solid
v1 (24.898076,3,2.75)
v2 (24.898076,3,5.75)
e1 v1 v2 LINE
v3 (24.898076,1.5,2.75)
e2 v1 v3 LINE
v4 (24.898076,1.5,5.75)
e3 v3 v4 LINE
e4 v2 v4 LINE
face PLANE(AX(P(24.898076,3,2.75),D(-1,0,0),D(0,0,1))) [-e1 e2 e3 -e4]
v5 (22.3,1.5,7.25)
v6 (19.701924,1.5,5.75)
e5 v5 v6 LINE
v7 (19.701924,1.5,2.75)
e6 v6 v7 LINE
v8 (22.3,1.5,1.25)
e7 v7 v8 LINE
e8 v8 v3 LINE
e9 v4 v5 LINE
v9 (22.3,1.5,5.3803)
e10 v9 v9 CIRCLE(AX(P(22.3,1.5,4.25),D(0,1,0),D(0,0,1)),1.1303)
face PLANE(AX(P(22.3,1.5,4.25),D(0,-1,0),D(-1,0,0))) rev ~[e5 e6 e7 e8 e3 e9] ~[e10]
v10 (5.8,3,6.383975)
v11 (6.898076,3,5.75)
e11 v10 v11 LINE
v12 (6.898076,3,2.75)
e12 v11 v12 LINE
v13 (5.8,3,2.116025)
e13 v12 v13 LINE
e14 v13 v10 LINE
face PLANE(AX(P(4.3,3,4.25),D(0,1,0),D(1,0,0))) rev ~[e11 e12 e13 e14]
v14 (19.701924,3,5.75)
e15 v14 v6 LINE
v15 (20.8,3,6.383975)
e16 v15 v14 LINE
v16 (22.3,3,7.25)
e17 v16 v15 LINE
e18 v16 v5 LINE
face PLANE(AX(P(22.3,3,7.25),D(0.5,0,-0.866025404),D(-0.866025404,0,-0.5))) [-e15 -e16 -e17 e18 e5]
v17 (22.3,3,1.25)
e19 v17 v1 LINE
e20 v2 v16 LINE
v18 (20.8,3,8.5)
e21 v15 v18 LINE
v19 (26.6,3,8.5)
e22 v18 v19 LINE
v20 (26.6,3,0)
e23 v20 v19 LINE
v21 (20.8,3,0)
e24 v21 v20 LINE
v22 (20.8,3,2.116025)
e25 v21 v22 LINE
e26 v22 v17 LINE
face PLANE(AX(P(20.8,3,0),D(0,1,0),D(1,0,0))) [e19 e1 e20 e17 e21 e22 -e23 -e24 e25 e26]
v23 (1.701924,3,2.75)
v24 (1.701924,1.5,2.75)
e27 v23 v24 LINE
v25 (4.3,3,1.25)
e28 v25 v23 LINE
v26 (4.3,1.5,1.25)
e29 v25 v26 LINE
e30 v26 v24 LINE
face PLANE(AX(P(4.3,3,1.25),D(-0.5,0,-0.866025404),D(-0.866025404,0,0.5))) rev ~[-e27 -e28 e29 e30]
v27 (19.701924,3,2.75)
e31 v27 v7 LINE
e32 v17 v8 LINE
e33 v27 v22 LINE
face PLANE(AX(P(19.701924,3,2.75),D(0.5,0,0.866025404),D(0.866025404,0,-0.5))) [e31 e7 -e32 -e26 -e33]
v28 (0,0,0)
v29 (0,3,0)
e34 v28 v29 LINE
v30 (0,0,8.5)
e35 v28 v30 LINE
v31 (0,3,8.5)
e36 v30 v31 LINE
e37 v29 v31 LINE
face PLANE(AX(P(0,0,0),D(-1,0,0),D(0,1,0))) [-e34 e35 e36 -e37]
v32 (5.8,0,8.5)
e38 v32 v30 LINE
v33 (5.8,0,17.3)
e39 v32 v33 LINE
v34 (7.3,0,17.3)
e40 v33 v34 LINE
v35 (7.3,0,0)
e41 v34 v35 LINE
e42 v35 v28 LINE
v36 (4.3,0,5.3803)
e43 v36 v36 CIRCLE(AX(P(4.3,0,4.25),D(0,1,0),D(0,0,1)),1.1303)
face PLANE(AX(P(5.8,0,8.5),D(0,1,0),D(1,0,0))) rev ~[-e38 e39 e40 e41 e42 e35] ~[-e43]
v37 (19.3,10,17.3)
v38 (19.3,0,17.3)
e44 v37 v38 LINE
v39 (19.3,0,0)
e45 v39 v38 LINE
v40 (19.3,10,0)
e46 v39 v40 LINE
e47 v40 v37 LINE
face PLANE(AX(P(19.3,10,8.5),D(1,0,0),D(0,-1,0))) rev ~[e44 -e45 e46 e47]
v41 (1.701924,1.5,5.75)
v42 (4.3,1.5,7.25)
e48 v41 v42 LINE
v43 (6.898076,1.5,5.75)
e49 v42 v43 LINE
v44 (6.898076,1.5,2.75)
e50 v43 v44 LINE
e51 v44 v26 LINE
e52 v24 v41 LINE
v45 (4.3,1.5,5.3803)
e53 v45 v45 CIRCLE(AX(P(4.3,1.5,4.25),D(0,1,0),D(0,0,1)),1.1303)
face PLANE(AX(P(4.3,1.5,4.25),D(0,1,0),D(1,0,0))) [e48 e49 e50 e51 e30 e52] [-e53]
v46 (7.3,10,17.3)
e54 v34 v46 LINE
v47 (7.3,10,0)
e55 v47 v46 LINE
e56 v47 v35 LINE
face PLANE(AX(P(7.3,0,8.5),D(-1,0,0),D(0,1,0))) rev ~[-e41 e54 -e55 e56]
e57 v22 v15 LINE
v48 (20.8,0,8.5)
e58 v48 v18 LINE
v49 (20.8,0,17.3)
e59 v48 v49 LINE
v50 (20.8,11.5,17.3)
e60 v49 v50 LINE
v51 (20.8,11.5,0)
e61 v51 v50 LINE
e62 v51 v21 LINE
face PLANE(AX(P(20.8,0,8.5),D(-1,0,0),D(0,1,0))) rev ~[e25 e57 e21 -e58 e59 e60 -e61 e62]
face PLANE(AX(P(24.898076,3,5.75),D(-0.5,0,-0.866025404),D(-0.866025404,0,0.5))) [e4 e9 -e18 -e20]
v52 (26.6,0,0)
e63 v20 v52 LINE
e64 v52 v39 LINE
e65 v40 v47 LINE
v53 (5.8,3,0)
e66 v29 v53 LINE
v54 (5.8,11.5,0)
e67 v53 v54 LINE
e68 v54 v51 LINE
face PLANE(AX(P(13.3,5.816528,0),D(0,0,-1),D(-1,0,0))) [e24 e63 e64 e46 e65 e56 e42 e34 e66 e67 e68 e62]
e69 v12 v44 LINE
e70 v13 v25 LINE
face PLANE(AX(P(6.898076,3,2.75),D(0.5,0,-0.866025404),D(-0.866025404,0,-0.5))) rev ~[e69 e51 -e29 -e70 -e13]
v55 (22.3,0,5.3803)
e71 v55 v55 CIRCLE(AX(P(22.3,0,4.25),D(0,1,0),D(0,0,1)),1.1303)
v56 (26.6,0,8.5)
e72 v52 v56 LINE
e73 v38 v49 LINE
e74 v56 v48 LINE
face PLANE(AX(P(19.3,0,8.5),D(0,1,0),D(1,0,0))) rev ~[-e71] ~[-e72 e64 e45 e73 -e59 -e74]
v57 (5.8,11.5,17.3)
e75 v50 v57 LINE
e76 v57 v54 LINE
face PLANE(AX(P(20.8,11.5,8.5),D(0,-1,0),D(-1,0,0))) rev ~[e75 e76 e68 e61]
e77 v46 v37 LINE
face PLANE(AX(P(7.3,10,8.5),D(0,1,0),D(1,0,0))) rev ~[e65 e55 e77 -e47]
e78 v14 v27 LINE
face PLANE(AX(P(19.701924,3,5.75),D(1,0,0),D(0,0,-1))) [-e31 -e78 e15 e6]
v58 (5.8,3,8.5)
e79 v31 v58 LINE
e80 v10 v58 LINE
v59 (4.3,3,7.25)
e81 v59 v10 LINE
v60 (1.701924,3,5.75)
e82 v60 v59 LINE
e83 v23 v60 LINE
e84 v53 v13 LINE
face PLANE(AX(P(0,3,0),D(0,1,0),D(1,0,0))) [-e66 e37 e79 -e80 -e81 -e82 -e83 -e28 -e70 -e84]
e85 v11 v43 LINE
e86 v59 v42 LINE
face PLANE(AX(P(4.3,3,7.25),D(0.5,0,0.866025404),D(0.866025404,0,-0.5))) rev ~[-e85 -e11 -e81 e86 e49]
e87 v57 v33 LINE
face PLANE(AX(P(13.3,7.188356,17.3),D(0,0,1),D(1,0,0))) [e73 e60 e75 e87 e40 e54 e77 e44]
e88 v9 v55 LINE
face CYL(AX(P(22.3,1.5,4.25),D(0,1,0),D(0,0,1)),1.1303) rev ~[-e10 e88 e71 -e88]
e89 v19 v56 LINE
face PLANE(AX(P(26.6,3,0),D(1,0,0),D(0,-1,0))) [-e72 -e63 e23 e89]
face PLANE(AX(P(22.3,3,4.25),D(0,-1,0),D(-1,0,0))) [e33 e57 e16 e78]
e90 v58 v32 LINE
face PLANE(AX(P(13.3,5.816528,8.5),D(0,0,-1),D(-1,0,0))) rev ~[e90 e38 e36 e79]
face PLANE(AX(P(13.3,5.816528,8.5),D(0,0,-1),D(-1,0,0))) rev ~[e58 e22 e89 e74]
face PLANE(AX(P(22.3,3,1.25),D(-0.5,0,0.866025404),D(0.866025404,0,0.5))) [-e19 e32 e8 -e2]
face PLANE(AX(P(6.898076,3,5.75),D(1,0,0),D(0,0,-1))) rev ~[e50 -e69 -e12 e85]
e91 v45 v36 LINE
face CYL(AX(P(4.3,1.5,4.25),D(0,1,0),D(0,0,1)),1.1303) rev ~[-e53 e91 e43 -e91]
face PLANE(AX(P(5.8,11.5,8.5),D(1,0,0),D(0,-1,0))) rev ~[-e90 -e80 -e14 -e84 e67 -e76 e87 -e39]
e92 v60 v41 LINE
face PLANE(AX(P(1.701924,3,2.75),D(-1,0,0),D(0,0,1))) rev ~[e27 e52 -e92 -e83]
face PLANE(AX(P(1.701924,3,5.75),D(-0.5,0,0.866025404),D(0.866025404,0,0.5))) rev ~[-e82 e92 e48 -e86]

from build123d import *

# Parameters (mm, degrees)
BOSS_EXTRUDE4_DEPTH = 8.5
BOSS_EXTRUDE5_DEPTH = 8.8
CUT_EXTRUDE1_DEPTH  = 1.5
CUT_EXTRUDE2_REACH  = 35.269
SKETCH7_R           = 1.1303


with BuildPart() as part:
    # Sketch4 → Boss-Extrude4 (new body)
    with BuildSketch(Plane.XY):
        Polygon((0, 0), (0, 3), (5.8, 3), (5.8, 11.5), (20.8, 11.5), (20.8, 3), (26.6, 3), (26.6, 0), (19.3, 0), (19.3, 10), (7.3, 10), (7.3, 0), align=None)
    extrude(amount=BOSS_EXTRUDE4_DEPTH)

    # Sketch5 → Boss-Extrude5 (add)
    with BuildSketch(Plane.XY.offset(8.5)):
        Polygon((7.3, 0), (7.3, 10), (19.3, 10), (19.3, 0), (20.8, 0), (20.8, 11.5), (5.8, 11.5), (5.8, 0), align=None)
    extrude(amount=BOSS_EXTRUDE5_DEPTH)

    # Sketch6 → Cut-Extrude1 (cut)
    with BuildSketch(Plane(origin=(0, 3, 0), x_dir=(1, 0, 0), z_dir=(0, 1, 0))):
        Polygon((24.898076211, -5.75), (22.3, -7.25), (19.701923789, -5.75), (19.701923789, -2.75), (22.3, -1.25), (24.898076211, -2.75), align=None)
        Polygon((4.3, -7.25), (6.898076211, -5.75), (6.898076211, -2.75), (4.3, -1.25), (1.701923789, -2.75), (1.701923789, -5.75), align=None)
    extrude(amount=-CUT_EXTRUDE1_DEPTH, mode=Mode.SUBTRACT)

    # Sketch7 → Cut-Extrude2 (cut, up to next)
    with BuildSketch(Plane(origin=(0, 1.5, 0), x_dir=(1, 0, 0), z_dir=(0, 1, 0)), mode=Mode.PRIVATE) as cut_extrude2_sk1:
        with Locations(Location((4.3, -4.25, 0), (0, 0, 270))):
            Circle(SKETCH7_R)
    cut_extrude2_tool1 = extrude(cut_extrude2_sk1.sketch, amount=-CUT_EXTRUDE2_REACH, mode=Mode.PRIVATE) & part.part
    # Sketch7 → Cut-Extrude2 (cut, up to next)
    with BuildSketch(Plane(origin=(0, 1.5, 0), x_dir=(1, 0, 0), z_dir=(0, 1, 0)), mode=Mode.PRIVATE) as cut_extrude2_sk2:
        with Locations(Location((22.3, -4.25, 0), (0, 0, 270))):
            Circle(SKETCH7_R)
    cut_extrude2_tool2 = extrude(cut_extrude2_sk2.sketch, amount=-CUT_EXTRUDE2_REACH, mode=Mode.PRIVATE) & part.part
    add(cut_extrude2_tool1.solids().sort_by_distance((4.3, 1.5, 4.25))[0], mode=Mode.SUBTRACT)
    add(cut_extrude2_tool2.solids().sort_by_distance((22.3, 1.5, 4.25))[0], mode=Mode.SUBTRACT)


solid = part.part
